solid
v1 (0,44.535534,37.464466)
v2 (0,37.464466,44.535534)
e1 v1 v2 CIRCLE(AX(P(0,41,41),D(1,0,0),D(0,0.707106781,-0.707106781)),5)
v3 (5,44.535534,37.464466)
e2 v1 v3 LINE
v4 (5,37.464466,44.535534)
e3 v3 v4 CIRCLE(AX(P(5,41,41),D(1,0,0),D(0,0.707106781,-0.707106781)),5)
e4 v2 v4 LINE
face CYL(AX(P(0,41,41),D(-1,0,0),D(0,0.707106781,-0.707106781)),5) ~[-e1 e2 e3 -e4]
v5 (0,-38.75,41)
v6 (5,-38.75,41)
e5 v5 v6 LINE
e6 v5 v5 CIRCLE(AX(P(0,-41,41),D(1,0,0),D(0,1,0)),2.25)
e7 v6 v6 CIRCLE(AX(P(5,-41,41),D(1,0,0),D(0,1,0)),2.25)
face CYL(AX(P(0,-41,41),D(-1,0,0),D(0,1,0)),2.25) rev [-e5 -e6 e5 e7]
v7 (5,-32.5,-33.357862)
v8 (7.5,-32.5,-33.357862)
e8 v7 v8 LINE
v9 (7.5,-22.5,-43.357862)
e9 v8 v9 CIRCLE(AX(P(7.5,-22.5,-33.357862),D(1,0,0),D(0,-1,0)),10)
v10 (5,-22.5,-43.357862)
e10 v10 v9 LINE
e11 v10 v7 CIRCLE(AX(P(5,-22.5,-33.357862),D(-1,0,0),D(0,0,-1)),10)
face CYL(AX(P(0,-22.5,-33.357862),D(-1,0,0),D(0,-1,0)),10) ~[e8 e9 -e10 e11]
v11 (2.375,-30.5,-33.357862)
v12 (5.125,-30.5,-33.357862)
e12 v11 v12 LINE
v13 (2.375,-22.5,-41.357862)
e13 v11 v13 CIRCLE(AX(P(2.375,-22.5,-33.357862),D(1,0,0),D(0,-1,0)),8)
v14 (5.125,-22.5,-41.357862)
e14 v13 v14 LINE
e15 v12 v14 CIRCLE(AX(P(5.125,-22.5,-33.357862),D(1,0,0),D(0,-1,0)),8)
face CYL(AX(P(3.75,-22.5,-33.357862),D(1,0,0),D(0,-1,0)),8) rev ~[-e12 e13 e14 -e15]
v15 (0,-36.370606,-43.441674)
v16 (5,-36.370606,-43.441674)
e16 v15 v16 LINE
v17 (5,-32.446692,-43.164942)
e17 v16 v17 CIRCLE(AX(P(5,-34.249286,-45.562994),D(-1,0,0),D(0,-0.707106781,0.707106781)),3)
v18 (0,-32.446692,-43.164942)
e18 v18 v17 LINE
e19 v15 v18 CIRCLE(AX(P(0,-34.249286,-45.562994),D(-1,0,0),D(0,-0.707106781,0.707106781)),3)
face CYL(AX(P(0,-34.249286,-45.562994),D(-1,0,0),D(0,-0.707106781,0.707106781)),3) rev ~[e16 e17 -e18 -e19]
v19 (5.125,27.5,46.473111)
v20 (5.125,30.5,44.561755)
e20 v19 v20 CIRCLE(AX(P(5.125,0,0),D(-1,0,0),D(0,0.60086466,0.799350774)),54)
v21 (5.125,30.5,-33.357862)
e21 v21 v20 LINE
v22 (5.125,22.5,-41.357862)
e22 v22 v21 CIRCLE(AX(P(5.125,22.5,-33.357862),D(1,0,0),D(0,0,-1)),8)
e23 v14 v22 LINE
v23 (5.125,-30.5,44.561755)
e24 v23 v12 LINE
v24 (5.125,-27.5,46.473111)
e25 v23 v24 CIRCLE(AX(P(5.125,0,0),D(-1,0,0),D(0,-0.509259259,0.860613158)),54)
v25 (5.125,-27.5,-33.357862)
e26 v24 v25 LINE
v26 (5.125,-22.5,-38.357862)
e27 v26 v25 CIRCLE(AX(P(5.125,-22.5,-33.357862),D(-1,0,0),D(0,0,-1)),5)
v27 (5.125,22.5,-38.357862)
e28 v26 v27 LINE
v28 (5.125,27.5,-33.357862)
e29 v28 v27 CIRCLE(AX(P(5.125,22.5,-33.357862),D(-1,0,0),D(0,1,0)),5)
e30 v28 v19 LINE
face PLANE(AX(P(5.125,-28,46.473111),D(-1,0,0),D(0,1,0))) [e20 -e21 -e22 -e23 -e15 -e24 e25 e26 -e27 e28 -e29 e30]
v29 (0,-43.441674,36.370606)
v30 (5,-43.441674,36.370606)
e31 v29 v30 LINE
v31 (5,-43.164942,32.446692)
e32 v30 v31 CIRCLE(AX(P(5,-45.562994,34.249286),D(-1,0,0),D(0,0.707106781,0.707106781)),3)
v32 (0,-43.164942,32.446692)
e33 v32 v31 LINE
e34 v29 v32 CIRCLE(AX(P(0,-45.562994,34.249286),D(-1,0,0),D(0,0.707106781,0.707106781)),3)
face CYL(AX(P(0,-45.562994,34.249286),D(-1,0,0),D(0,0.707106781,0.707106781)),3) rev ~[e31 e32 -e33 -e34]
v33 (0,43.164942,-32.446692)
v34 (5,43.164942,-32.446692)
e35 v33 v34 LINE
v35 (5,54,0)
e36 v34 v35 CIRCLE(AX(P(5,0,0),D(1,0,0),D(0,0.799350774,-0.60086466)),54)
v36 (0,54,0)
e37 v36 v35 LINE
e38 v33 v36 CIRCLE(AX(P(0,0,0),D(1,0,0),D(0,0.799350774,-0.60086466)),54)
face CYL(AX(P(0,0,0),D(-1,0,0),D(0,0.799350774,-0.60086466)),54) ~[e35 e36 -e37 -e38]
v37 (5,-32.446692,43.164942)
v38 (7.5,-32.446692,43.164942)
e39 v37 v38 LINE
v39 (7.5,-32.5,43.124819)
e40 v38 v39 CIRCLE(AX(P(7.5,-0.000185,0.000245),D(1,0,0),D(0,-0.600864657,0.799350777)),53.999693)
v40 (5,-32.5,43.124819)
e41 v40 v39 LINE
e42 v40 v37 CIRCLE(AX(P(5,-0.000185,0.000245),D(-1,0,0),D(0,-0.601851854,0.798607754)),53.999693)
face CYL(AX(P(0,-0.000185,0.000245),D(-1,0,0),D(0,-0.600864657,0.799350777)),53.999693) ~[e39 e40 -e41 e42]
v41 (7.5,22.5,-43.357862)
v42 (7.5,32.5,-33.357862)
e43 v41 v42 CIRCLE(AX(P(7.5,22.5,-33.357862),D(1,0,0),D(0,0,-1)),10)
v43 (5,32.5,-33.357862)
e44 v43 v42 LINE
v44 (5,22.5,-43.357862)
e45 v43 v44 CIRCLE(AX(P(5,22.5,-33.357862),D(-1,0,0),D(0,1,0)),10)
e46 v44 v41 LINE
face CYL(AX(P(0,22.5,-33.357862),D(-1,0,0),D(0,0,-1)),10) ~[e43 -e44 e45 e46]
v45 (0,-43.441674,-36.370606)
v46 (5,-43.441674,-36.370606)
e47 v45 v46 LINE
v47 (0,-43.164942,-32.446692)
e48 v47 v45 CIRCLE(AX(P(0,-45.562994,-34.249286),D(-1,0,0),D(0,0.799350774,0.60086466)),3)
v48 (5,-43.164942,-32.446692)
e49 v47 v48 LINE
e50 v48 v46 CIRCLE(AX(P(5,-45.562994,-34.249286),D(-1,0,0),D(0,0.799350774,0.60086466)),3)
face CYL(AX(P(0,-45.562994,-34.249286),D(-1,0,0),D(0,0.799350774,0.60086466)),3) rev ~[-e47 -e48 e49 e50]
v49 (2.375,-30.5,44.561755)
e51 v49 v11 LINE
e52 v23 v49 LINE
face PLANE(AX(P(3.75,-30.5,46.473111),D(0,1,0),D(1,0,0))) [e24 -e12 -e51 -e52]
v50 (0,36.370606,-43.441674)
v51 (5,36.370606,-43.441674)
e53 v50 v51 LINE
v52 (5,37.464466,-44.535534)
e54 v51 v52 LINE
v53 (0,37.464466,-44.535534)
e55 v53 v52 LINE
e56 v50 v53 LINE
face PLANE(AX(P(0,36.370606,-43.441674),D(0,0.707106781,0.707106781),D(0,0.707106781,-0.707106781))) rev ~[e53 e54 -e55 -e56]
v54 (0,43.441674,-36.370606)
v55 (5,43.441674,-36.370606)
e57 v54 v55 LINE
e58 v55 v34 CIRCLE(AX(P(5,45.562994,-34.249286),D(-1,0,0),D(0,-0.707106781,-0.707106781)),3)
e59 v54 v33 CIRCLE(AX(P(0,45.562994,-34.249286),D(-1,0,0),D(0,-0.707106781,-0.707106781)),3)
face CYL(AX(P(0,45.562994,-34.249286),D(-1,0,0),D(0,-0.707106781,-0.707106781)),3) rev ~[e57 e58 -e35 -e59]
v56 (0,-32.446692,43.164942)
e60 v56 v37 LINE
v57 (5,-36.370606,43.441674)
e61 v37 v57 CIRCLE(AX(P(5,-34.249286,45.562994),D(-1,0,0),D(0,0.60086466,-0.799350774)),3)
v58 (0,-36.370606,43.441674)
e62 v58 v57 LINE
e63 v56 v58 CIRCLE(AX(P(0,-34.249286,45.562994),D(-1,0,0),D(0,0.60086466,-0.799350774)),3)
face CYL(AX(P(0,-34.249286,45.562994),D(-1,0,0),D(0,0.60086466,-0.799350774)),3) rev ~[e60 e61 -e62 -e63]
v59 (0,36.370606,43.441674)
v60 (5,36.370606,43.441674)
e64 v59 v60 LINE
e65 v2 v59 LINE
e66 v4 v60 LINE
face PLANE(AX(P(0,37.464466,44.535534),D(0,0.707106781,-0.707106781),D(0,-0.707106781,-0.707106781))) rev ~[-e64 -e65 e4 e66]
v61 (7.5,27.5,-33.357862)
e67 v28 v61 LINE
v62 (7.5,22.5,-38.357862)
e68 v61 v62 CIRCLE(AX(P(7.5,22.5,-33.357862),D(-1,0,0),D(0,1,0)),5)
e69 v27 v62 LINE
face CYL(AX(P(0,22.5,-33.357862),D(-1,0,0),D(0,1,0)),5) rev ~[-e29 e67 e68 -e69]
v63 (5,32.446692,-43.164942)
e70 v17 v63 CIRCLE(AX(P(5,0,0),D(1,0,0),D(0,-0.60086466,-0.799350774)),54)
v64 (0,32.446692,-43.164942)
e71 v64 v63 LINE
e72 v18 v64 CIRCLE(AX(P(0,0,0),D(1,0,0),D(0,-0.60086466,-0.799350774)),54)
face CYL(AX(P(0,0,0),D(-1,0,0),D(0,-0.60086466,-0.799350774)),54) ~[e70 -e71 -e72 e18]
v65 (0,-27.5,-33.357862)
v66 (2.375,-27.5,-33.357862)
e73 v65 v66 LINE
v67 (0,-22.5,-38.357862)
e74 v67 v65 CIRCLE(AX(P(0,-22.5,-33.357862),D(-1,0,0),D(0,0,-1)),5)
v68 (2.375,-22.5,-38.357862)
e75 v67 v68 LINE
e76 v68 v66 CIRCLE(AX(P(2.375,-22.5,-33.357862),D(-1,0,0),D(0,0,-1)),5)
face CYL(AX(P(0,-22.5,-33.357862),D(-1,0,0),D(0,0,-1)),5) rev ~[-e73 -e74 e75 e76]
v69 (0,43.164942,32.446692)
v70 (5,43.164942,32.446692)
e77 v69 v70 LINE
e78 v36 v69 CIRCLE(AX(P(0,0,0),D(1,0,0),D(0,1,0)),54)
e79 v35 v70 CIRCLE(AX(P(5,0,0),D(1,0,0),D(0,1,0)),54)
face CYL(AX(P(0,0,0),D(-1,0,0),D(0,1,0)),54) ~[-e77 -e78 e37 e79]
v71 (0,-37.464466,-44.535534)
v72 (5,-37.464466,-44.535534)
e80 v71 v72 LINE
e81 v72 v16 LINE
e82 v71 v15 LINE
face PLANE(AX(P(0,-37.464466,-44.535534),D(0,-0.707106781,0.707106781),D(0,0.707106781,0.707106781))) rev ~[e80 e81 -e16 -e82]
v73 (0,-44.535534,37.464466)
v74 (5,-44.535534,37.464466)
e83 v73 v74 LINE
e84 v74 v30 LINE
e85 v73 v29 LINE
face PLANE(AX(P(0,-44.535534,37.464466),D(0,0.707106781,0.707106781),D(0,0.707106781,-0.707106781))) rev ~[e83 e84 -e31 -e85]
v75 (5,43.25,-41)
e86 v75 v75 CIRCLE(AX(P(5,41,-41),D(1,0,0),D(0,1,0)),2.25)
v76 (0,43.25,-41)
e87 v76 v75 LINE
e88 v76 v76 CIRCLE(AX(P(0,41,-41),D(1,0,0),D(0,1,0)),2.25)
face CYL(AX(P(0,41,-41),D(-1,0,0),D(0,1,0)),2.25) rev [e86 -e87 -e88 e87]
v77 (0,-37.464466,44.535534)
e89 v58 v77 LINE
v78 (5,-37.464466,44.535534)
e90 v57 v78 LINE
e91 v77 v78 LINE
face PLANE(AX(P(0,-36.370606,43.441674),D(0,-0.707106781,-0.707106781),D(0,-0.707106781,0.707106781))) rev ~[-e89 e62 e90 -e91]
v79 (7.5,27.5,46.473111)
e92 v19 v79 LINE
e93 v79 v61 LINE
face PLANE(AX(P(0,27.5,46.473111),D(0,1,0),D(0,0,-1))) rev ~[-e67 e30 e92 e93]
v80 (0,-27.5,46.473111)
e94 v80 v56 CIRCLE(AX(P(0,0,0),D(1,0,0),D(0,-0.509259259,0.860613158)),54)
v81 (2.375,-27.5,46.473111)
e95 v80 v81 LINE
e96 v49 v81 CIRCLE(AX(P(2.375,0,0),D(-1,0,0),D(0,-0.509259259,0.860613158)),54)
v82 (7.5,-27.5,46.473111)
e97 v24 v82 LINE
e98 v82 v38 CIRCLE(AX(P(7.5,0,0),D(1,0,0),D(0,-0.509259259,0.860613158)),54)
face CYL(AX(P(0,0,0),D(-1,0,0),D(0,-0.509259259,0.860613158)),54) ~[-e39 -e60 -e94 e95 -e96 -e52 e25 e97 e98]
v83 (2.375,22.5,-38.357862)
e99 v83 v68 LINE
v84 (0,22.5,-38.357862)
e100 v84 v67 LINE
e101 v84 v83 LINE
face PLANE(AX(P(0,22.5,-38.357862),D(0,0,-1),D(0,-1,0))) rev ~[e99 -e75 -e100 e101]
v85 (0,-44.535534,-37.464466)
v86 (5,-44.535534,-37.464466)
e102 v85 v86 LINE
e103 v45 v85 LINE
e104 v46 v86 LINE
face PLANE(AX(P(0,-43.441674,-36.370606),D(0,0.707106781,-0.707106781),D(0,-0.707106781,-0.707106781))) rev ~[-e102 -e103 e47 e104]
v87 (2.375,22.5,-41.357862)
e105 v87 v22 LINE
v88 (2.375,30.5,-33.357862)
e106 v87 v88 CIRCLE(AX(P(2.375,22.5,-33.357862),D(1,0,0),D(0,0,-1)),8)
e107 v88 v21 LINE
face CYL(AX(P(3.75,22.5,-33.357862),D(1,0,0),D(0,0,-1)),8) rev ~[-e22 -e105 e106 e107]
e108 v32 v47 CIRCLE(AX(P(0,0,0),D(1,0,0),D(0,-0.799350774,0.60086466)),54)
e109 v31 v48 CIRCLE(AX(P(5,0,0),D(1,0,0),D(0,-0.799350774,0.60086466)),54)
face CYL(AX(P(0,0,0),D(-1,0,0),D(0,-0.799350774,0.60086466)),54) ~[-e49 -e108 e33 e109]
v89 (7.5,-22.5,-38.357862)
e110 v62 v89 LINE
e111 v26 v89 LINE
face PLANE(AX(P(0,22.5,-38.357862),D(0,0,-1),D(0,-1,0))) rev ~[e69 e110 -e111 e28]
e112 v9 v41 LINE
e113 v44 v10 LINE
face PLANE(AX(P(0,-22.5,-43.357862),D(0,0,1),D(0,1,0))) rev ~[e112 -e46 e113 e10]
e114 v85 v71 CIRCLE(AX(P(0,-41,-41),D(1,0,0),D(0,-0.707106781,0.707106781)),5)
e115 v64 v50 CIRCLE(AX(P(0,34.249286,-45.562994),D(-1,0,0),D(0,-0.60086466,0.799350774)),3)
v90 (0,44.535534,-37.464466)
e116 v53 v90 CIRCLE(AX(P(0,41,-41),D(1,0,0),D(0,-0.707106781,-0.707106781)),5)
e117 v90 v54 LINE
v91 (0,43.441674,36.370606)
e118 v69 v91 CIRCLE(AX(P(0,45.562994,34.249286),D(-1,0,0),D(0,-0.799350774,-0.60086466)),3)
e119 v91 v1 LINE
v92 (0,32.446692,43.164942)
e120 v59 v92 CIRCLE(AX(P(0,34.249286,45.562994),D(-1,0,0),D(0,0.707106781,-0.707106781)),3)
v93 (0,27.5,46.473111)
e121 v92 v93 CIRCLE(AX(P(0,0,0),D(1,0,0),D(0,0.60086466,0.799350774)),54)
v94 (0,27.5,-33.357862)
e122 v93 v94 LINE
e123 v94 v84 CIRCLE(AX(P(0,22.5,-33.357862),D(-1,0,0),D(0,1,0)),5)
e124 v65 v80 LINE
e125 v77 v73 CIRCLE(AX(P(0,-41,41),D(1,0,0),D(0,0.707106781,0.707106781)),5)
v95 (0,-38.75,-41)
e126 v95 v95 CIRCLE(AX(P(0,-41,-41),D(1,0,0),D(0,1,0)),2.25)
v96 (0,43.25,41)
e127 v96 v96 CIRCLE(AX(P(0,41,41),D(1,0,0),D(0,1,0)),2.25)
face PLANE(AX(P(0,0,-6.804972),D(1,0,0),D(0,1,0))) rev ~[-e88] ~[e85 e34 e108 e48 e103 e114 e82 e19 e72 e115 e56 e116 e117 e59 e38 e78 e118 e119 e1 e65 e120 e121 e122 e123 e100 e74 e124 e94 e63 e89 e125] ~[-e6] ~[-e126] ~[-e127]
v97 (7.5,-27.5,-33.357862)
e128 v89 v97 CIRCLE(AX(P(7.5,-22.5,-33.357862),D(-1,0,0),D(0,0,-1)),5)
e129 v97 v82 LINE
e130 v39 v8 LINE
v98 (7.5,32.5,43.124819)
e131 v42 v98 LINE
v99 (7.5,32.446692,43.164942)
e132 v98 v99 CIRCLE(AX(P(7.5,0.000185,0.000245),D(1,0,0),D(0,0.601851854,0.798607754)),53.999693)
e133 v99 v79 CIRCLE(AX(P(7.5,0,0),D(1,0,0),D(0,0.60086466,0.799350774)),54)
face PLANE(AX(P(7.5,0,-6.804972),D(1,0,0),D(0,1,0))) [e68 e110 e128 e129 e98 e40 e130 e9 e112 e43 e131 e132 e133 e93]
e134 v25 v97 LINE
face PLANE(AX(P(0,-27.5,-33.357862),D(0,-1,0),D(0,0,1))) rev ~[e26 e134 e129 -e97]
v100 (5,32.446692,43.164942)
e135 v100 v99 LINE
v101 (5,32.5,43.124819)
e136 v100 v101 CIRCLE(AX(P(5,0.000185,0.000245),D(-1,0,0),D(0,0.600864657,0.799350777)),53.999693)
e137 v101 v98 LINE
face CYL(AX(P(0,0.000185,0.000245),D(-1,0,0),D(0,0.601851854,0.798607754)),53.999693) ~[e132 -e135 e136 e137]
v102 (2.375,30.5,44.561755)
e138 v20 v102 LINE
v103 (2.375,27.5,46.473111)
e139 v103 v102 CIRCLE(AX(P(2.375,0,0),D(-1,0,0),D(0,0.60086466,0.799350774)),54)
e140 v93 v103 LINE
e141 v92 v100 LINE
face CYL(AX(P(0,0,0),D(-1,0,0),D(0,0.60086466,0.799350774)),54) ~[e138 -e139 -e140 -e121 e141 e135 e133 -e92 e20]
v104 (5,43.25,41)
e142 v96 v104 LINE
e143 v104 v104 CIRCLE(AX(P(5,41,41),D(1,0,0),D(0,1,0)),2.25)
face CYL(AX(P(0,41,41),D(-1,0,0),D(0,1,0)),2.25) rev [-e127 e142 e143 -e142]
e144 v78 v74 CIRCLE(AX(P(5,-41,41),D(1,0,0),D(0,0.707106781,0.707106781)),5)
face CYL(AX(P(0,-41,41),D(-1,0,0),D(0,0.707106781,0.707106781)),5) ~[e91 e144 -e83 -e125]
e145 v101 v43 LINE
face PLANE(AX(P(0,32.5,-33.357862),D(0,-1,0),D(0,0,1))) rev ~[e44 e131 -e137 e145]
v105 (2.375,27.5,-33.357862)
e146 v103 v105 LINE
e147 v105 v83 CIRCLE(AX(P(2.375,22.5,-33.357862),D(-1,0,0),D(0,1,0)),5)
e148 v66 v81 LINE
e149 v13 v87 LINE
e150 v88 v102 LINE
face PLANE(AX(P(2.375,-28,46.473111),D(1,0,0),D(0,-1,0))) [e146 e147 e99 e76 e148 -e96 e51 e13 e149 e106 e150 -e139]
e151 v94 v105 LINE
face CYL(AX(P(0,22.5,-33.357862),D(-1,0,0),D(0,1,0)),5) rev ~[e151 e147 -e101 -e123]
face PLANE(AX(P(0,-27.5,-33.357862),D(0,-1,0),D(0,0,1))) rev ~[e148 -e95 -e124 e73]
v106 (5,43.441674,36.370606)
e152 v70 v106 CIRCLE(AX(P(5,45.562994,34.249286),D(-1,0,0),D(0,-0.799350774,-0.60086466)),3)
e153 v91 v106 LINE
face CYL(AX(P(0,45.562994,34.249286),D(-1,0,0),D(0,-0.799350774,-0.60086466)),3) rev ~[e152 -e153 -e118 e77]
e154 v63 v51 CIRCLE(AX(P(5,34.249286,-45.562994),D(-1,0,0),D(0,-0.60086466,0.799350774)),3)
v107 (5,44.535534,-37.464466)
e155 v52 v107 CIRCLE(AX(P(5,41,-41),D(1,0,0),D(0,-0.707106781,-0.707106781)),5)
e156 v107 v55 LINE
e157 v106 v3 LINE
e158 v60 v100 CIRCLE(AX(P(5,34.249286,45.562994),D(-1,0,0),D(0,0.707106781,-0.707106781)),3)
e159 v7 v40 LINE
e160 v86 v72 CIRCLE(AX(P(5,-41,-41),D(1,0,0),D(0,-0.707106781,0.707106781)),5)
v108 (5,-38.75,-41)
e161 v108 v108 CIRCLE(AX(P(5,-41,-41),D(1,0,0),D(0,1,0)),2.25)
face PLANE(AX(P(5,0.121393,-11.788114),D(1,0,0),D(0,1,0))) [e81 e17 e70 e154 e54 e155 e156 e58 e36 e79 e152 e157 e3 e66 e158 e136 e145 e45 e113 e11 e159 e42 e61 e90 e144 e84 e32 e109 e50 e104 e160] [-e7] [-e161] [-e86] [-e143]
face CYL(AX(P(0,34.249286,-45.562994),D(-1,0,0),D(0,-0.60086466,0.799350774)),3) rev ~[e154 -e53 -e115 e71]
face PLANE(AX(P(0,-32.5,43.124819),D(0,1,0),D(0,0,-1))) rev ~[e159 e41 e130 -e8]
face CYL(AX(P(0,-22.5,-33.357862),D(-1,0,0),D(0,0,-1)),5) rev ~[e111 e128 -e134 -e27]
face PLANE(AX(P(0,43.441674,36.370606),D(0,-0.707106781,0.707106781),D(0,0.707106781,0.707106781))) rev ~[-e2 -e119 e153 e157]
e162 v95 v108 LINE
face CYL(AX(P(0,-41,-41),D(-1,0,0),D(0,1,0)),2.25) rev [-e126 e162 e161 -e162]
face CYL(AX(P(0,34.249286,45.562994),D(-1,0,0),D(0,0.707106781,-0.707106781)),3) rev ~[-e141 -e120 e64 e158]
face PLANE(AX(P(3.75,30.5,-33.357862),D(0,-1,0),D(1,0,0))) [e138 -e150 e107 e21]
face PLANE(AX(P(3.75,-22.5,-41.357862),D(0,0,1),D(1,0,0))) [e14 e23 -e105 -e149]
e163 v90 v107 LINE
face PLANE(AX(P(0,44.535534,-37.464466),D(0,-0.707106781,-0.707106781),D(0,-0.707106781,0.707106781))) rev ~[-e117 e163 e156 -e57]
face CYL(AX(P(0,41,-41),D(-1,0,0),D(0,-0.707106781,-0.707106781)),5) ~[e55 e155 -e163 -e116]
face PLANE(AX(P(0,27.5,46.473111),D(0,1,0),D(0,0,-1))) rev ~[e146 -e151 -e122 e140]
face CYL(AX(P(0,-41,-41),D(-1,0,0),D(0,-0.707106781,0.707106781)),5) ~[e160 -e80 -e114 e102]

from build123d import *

# Parameters (mm, degrees)
F0_R     = 2.25
F1_DEPTH = 5
F2_DEPTH = 7.5
F4_W     = 2.75
F4_H     = 5


with BuildPart() as f1:
    # F0 (on Right) → F1 (new body)
    with BuildSketch(Plane.YZ):
        with BuildLine():
            Line((-32.5, -33.3578620553), (-32.5, 43.1248188402))
            ThreePointArc((-32.5, 43.1248188402), (-38.2073481766, 38.1601696185), (-43.1649418054, 32.4466916485))
            ThreePointArc((-43.1649418054, 32.4466916485), (-54, 0), (-43.1649418054, -32.4466916485))
            ThreePointArc((-43.1649418054, -32.4466916485), (-38.1837661841, -38.1837661841), (-32.4466916485, -43.1649418054))
            ThreePointArc((-32.4466916485, -43.1649418054), (0, -54), (32.4466916485, -43.1649418054))
            ThreePointArc((32.4466916485, -43.1649418054), (38.1837661841, -38.1837661841), (43.1649418054, -32.4466916485))
            ThreePointArc((43.1649418054, -32.4466916485), (51.2196586161, -17.1039928453), (54, 0))
            ThreePointArc((54, 0), (51.2196586161, 17.1039928453), (43.1649418054, 32.4466916485))
            ThreePointArc((43.1649418054, 32.4466916485), (38.2073481766, 38.1601696185), (32.5, 43.1248188402))
            Line((32.5, 43.1248188402), (32.5, -33.3578620553))
            ThreePointArc((32.5, -33.3578620553), (29.5710678119, -40.4289298672), (22.5, -43.3578620553))
            Line((22.5, -43.3578620553), (-22.5, -43.3578620553))
            ThreePointArc((-22.5, -43.3578620553), (-29.5710678119, -40.4289298672), (-32.5, -33.3578620553))
        make_face()
        with BuildLine():
            ThreePointArc((-32.5, 43.1248188402), (-32.4733520211, 43.1448885561), (-32.4466916485, 43.1649418054))
            ThreePointArc((-32.4466916485, 43.1649418054), (-34.4603348429, 42.5704269643), (-36.3706059725, 43.4416737844))
            Line((-36.3706059725, 43.4416737844), (-37.4644660941, 44.5355339059))
            ThreePointArc((-37.4644660941, 44.5355339059), (-44.5355339059, 44.5355339059), (-44.5355339059, 37.4644660941))
            Line((-44.5355339059, 37.4644660941), (-43.4416737844, 36.3706059725))
            ThreePointArc((-43.4416737844, 36.3706059725), (-42.5704269643, 34.4603348429), (-43.1649418054, 32.4466916485))
            ThreePointArc((-43.1649418054, 32.4466916485), (-38.2073481766, 38.1601696185), (-32.5, 43.1248188402))
        make_face()
        with Locations((-41, 41)):
            Circle(F0_R, mode=Mode.SUBTRACT)
        with BuildLine():
            ThreePointArc((32.4466916485, 43.1649418054), (32.4733520211, 43.1448885561), (32.5, 43.1248188402))
            ThreePointArc((32.5, 43.1248188402), (38.2073481766, 38.1601696185), (43.1649418054, 32.4466916485))
            ThreePointArc((43.1649418054, 32.4466916485), (42.5704269643, 34.4603348429), (43.4416737844, 36.3706059725))
            Line((43.4416737844, 36.3706059725), (44.5355339059, 37.4644660941))
            ThreePointArc((44.5355339059, 37.4644660941), (44.5355339059, 44.5355339059), (37.4644660941, 44.5355339059))
            Line((37.4644660941, 44.5355339059), (36.3706059725, 43.4416737844))
            ThreePointArc((36.3706059725, 43.4416737844), (34.4603348429, 42.5704269643), (32.4466916485, 43.1649418054))
        make_face()
        with Locations((41, 41)):
            Circle(F0_R, mode=Mode.SUBTRACT)
        with BuildLine():
            ThreePointArc((43.1649418054, -32.4466916485), (38.1837661841, -38.1837661841), (32.4466916485, -43.1649418054))
            ThreePointArc((32.4466916485, -43.1649418054), (34.4603348429, -42.5704269643), (36.3706059725, -43.4416737844))
            Line((36.3706059725, -43.4416737844), (37.4644660941, -44.5355339059))
            ThreePointArc((37.4644660941, -44.5355339059), (44.5355339059, -44.5355339059), (44.5355339059, -37.4644660941))
            Line((44.5355339059, -37.4644660941), (43.4416737844, -36.3706059725))
            ThreePointArc((43.4416737844, -36.3706059725), (42.5704269643, -34.4603348429), (43.1649418054, -32.4466916485))
        make_face()
        with Locations((41, -41)):
            Circle(F0_R, mode=Mode.SUBTRACT)
        with BuildLine():
            ThreePointArc((-32.4466916485, -43.1649418054), (-38.1837661841, -38.1837661841), (-43.1649418054, -32.4466916485))
            ThreePointArc((-43.1649418054, -32.4466916485), (-42.5704269643, -34.4603348429), (-43.4416737844, -36.3706059725))
            Line((-43.4416737844, -36.3706059725), (-44.5355339059, -37.4644660941))
            ThreePointArc((-44.5355339059, -37.4644660941), (-44.5355339059, -44.5355339059), (-37.4644660941, -44.5355339059))
            Line((-37.4644660941, -44.5355339059), (-36.3706059725, -43.4416737844))
            ThreePointArc((-36.3706059725, -43.4416737844), (-34.4603348429, -42.5704269643), (-32.4466916485, -43.1649418054))
        make_face()
        with Locations((-41, -41)):
            Circle(F0_R, mode=Mode.SUBTRACT)
    extrude(amount=F1_DEPTH)

    # F0 (on Right) → F2 (join)
    with BuildSketch(Plane.YZ):
        with BuildLine():
            ThreePointArc((-27.5, 46.4731105049), (-30.0189515962, 44.8872202867), (-32.4466916485, 43.1649418054))
            ThreePointArc((-32.4466916485, 43.1649418054), (-32.4733520211, 43.1448885561), (-32.5, 43.1248188402))
            Line((-32.5, 43.1248188402), (-32.5, -33.3578620553))
            ThreePointArc((-32.5, -33.3578620553), (-29.5710678119, -40.4289298672), (-22.5, -43.3578620553))
            Line((-22.5, -43.3578620553), (22.5, -43.3578620553))
            ThreePointArc((22.5, -43.3578620553), (29.5710678119, -40.4289298672), (32.5, -33.3578620553))
            Line((32.5, -33.3578620553), (32.5, 43.1248188402))
            ThreePointArc((32.5, 43.1248188402), (32.4733520211, 43.1448885561), (32.4466916485, 43.1649418054))
            ThreePointArc((32.4466916485, 43.1649418054), (30.0189515962, 44.8872202867), (27.5, 46.4731105049))
            Line((27.5, 46.4731105049), (27.5, -33.3578620553))
            ThreePointArc((27.5, -33.3578620553), (26.0355339059, -36.8933959612), (22.5, -38.3578620553))
            Line((22.5, -38.3578620553), (-22.5, -38.3578620553))
            ThreePointArc((-22.5, -38.3578620553), (-26.0355339059, -36.8933959612), (-27.5, -33.3578620553))
            Line((-27.5, -33.3578620553), (-27.5, 46.4731105049))
        make_face()
    extrude(amount=F2_DEPTH)

    # F5: sweep along a path in F0
    with BuildLine(Plane.YZ) as f5_path:
        Line((-27.5, 46.4731105049), (-27.5, -33.3578620553))
        ThreePointArc((-27.5, -33.3578620553), (-26.0355339059, -36.8933959612), (-22.5, -38.3578620553))
        Line((-22.5, -38.3578620553), (22.5, -38.3578620553))
        ThreePointArc((22.5, -38.3578620553), (26.0355339059, -36.8933959612), (27.5, -33.3578620553))
        Line((27.5, -33.3578620553), (27.5, 46.4731105049))
    # F4 (on plane+point) → F5 (sweep, cut)
    with BuildSketch(Plane.XY.offset(46.4731105049)):
        with Locations((3.75, -28)):
            Rectangle(F4_W, F4_H)
    sweep(path=f5_path.line, mode=Mode.SUBTRACT)


solid = f1.part
